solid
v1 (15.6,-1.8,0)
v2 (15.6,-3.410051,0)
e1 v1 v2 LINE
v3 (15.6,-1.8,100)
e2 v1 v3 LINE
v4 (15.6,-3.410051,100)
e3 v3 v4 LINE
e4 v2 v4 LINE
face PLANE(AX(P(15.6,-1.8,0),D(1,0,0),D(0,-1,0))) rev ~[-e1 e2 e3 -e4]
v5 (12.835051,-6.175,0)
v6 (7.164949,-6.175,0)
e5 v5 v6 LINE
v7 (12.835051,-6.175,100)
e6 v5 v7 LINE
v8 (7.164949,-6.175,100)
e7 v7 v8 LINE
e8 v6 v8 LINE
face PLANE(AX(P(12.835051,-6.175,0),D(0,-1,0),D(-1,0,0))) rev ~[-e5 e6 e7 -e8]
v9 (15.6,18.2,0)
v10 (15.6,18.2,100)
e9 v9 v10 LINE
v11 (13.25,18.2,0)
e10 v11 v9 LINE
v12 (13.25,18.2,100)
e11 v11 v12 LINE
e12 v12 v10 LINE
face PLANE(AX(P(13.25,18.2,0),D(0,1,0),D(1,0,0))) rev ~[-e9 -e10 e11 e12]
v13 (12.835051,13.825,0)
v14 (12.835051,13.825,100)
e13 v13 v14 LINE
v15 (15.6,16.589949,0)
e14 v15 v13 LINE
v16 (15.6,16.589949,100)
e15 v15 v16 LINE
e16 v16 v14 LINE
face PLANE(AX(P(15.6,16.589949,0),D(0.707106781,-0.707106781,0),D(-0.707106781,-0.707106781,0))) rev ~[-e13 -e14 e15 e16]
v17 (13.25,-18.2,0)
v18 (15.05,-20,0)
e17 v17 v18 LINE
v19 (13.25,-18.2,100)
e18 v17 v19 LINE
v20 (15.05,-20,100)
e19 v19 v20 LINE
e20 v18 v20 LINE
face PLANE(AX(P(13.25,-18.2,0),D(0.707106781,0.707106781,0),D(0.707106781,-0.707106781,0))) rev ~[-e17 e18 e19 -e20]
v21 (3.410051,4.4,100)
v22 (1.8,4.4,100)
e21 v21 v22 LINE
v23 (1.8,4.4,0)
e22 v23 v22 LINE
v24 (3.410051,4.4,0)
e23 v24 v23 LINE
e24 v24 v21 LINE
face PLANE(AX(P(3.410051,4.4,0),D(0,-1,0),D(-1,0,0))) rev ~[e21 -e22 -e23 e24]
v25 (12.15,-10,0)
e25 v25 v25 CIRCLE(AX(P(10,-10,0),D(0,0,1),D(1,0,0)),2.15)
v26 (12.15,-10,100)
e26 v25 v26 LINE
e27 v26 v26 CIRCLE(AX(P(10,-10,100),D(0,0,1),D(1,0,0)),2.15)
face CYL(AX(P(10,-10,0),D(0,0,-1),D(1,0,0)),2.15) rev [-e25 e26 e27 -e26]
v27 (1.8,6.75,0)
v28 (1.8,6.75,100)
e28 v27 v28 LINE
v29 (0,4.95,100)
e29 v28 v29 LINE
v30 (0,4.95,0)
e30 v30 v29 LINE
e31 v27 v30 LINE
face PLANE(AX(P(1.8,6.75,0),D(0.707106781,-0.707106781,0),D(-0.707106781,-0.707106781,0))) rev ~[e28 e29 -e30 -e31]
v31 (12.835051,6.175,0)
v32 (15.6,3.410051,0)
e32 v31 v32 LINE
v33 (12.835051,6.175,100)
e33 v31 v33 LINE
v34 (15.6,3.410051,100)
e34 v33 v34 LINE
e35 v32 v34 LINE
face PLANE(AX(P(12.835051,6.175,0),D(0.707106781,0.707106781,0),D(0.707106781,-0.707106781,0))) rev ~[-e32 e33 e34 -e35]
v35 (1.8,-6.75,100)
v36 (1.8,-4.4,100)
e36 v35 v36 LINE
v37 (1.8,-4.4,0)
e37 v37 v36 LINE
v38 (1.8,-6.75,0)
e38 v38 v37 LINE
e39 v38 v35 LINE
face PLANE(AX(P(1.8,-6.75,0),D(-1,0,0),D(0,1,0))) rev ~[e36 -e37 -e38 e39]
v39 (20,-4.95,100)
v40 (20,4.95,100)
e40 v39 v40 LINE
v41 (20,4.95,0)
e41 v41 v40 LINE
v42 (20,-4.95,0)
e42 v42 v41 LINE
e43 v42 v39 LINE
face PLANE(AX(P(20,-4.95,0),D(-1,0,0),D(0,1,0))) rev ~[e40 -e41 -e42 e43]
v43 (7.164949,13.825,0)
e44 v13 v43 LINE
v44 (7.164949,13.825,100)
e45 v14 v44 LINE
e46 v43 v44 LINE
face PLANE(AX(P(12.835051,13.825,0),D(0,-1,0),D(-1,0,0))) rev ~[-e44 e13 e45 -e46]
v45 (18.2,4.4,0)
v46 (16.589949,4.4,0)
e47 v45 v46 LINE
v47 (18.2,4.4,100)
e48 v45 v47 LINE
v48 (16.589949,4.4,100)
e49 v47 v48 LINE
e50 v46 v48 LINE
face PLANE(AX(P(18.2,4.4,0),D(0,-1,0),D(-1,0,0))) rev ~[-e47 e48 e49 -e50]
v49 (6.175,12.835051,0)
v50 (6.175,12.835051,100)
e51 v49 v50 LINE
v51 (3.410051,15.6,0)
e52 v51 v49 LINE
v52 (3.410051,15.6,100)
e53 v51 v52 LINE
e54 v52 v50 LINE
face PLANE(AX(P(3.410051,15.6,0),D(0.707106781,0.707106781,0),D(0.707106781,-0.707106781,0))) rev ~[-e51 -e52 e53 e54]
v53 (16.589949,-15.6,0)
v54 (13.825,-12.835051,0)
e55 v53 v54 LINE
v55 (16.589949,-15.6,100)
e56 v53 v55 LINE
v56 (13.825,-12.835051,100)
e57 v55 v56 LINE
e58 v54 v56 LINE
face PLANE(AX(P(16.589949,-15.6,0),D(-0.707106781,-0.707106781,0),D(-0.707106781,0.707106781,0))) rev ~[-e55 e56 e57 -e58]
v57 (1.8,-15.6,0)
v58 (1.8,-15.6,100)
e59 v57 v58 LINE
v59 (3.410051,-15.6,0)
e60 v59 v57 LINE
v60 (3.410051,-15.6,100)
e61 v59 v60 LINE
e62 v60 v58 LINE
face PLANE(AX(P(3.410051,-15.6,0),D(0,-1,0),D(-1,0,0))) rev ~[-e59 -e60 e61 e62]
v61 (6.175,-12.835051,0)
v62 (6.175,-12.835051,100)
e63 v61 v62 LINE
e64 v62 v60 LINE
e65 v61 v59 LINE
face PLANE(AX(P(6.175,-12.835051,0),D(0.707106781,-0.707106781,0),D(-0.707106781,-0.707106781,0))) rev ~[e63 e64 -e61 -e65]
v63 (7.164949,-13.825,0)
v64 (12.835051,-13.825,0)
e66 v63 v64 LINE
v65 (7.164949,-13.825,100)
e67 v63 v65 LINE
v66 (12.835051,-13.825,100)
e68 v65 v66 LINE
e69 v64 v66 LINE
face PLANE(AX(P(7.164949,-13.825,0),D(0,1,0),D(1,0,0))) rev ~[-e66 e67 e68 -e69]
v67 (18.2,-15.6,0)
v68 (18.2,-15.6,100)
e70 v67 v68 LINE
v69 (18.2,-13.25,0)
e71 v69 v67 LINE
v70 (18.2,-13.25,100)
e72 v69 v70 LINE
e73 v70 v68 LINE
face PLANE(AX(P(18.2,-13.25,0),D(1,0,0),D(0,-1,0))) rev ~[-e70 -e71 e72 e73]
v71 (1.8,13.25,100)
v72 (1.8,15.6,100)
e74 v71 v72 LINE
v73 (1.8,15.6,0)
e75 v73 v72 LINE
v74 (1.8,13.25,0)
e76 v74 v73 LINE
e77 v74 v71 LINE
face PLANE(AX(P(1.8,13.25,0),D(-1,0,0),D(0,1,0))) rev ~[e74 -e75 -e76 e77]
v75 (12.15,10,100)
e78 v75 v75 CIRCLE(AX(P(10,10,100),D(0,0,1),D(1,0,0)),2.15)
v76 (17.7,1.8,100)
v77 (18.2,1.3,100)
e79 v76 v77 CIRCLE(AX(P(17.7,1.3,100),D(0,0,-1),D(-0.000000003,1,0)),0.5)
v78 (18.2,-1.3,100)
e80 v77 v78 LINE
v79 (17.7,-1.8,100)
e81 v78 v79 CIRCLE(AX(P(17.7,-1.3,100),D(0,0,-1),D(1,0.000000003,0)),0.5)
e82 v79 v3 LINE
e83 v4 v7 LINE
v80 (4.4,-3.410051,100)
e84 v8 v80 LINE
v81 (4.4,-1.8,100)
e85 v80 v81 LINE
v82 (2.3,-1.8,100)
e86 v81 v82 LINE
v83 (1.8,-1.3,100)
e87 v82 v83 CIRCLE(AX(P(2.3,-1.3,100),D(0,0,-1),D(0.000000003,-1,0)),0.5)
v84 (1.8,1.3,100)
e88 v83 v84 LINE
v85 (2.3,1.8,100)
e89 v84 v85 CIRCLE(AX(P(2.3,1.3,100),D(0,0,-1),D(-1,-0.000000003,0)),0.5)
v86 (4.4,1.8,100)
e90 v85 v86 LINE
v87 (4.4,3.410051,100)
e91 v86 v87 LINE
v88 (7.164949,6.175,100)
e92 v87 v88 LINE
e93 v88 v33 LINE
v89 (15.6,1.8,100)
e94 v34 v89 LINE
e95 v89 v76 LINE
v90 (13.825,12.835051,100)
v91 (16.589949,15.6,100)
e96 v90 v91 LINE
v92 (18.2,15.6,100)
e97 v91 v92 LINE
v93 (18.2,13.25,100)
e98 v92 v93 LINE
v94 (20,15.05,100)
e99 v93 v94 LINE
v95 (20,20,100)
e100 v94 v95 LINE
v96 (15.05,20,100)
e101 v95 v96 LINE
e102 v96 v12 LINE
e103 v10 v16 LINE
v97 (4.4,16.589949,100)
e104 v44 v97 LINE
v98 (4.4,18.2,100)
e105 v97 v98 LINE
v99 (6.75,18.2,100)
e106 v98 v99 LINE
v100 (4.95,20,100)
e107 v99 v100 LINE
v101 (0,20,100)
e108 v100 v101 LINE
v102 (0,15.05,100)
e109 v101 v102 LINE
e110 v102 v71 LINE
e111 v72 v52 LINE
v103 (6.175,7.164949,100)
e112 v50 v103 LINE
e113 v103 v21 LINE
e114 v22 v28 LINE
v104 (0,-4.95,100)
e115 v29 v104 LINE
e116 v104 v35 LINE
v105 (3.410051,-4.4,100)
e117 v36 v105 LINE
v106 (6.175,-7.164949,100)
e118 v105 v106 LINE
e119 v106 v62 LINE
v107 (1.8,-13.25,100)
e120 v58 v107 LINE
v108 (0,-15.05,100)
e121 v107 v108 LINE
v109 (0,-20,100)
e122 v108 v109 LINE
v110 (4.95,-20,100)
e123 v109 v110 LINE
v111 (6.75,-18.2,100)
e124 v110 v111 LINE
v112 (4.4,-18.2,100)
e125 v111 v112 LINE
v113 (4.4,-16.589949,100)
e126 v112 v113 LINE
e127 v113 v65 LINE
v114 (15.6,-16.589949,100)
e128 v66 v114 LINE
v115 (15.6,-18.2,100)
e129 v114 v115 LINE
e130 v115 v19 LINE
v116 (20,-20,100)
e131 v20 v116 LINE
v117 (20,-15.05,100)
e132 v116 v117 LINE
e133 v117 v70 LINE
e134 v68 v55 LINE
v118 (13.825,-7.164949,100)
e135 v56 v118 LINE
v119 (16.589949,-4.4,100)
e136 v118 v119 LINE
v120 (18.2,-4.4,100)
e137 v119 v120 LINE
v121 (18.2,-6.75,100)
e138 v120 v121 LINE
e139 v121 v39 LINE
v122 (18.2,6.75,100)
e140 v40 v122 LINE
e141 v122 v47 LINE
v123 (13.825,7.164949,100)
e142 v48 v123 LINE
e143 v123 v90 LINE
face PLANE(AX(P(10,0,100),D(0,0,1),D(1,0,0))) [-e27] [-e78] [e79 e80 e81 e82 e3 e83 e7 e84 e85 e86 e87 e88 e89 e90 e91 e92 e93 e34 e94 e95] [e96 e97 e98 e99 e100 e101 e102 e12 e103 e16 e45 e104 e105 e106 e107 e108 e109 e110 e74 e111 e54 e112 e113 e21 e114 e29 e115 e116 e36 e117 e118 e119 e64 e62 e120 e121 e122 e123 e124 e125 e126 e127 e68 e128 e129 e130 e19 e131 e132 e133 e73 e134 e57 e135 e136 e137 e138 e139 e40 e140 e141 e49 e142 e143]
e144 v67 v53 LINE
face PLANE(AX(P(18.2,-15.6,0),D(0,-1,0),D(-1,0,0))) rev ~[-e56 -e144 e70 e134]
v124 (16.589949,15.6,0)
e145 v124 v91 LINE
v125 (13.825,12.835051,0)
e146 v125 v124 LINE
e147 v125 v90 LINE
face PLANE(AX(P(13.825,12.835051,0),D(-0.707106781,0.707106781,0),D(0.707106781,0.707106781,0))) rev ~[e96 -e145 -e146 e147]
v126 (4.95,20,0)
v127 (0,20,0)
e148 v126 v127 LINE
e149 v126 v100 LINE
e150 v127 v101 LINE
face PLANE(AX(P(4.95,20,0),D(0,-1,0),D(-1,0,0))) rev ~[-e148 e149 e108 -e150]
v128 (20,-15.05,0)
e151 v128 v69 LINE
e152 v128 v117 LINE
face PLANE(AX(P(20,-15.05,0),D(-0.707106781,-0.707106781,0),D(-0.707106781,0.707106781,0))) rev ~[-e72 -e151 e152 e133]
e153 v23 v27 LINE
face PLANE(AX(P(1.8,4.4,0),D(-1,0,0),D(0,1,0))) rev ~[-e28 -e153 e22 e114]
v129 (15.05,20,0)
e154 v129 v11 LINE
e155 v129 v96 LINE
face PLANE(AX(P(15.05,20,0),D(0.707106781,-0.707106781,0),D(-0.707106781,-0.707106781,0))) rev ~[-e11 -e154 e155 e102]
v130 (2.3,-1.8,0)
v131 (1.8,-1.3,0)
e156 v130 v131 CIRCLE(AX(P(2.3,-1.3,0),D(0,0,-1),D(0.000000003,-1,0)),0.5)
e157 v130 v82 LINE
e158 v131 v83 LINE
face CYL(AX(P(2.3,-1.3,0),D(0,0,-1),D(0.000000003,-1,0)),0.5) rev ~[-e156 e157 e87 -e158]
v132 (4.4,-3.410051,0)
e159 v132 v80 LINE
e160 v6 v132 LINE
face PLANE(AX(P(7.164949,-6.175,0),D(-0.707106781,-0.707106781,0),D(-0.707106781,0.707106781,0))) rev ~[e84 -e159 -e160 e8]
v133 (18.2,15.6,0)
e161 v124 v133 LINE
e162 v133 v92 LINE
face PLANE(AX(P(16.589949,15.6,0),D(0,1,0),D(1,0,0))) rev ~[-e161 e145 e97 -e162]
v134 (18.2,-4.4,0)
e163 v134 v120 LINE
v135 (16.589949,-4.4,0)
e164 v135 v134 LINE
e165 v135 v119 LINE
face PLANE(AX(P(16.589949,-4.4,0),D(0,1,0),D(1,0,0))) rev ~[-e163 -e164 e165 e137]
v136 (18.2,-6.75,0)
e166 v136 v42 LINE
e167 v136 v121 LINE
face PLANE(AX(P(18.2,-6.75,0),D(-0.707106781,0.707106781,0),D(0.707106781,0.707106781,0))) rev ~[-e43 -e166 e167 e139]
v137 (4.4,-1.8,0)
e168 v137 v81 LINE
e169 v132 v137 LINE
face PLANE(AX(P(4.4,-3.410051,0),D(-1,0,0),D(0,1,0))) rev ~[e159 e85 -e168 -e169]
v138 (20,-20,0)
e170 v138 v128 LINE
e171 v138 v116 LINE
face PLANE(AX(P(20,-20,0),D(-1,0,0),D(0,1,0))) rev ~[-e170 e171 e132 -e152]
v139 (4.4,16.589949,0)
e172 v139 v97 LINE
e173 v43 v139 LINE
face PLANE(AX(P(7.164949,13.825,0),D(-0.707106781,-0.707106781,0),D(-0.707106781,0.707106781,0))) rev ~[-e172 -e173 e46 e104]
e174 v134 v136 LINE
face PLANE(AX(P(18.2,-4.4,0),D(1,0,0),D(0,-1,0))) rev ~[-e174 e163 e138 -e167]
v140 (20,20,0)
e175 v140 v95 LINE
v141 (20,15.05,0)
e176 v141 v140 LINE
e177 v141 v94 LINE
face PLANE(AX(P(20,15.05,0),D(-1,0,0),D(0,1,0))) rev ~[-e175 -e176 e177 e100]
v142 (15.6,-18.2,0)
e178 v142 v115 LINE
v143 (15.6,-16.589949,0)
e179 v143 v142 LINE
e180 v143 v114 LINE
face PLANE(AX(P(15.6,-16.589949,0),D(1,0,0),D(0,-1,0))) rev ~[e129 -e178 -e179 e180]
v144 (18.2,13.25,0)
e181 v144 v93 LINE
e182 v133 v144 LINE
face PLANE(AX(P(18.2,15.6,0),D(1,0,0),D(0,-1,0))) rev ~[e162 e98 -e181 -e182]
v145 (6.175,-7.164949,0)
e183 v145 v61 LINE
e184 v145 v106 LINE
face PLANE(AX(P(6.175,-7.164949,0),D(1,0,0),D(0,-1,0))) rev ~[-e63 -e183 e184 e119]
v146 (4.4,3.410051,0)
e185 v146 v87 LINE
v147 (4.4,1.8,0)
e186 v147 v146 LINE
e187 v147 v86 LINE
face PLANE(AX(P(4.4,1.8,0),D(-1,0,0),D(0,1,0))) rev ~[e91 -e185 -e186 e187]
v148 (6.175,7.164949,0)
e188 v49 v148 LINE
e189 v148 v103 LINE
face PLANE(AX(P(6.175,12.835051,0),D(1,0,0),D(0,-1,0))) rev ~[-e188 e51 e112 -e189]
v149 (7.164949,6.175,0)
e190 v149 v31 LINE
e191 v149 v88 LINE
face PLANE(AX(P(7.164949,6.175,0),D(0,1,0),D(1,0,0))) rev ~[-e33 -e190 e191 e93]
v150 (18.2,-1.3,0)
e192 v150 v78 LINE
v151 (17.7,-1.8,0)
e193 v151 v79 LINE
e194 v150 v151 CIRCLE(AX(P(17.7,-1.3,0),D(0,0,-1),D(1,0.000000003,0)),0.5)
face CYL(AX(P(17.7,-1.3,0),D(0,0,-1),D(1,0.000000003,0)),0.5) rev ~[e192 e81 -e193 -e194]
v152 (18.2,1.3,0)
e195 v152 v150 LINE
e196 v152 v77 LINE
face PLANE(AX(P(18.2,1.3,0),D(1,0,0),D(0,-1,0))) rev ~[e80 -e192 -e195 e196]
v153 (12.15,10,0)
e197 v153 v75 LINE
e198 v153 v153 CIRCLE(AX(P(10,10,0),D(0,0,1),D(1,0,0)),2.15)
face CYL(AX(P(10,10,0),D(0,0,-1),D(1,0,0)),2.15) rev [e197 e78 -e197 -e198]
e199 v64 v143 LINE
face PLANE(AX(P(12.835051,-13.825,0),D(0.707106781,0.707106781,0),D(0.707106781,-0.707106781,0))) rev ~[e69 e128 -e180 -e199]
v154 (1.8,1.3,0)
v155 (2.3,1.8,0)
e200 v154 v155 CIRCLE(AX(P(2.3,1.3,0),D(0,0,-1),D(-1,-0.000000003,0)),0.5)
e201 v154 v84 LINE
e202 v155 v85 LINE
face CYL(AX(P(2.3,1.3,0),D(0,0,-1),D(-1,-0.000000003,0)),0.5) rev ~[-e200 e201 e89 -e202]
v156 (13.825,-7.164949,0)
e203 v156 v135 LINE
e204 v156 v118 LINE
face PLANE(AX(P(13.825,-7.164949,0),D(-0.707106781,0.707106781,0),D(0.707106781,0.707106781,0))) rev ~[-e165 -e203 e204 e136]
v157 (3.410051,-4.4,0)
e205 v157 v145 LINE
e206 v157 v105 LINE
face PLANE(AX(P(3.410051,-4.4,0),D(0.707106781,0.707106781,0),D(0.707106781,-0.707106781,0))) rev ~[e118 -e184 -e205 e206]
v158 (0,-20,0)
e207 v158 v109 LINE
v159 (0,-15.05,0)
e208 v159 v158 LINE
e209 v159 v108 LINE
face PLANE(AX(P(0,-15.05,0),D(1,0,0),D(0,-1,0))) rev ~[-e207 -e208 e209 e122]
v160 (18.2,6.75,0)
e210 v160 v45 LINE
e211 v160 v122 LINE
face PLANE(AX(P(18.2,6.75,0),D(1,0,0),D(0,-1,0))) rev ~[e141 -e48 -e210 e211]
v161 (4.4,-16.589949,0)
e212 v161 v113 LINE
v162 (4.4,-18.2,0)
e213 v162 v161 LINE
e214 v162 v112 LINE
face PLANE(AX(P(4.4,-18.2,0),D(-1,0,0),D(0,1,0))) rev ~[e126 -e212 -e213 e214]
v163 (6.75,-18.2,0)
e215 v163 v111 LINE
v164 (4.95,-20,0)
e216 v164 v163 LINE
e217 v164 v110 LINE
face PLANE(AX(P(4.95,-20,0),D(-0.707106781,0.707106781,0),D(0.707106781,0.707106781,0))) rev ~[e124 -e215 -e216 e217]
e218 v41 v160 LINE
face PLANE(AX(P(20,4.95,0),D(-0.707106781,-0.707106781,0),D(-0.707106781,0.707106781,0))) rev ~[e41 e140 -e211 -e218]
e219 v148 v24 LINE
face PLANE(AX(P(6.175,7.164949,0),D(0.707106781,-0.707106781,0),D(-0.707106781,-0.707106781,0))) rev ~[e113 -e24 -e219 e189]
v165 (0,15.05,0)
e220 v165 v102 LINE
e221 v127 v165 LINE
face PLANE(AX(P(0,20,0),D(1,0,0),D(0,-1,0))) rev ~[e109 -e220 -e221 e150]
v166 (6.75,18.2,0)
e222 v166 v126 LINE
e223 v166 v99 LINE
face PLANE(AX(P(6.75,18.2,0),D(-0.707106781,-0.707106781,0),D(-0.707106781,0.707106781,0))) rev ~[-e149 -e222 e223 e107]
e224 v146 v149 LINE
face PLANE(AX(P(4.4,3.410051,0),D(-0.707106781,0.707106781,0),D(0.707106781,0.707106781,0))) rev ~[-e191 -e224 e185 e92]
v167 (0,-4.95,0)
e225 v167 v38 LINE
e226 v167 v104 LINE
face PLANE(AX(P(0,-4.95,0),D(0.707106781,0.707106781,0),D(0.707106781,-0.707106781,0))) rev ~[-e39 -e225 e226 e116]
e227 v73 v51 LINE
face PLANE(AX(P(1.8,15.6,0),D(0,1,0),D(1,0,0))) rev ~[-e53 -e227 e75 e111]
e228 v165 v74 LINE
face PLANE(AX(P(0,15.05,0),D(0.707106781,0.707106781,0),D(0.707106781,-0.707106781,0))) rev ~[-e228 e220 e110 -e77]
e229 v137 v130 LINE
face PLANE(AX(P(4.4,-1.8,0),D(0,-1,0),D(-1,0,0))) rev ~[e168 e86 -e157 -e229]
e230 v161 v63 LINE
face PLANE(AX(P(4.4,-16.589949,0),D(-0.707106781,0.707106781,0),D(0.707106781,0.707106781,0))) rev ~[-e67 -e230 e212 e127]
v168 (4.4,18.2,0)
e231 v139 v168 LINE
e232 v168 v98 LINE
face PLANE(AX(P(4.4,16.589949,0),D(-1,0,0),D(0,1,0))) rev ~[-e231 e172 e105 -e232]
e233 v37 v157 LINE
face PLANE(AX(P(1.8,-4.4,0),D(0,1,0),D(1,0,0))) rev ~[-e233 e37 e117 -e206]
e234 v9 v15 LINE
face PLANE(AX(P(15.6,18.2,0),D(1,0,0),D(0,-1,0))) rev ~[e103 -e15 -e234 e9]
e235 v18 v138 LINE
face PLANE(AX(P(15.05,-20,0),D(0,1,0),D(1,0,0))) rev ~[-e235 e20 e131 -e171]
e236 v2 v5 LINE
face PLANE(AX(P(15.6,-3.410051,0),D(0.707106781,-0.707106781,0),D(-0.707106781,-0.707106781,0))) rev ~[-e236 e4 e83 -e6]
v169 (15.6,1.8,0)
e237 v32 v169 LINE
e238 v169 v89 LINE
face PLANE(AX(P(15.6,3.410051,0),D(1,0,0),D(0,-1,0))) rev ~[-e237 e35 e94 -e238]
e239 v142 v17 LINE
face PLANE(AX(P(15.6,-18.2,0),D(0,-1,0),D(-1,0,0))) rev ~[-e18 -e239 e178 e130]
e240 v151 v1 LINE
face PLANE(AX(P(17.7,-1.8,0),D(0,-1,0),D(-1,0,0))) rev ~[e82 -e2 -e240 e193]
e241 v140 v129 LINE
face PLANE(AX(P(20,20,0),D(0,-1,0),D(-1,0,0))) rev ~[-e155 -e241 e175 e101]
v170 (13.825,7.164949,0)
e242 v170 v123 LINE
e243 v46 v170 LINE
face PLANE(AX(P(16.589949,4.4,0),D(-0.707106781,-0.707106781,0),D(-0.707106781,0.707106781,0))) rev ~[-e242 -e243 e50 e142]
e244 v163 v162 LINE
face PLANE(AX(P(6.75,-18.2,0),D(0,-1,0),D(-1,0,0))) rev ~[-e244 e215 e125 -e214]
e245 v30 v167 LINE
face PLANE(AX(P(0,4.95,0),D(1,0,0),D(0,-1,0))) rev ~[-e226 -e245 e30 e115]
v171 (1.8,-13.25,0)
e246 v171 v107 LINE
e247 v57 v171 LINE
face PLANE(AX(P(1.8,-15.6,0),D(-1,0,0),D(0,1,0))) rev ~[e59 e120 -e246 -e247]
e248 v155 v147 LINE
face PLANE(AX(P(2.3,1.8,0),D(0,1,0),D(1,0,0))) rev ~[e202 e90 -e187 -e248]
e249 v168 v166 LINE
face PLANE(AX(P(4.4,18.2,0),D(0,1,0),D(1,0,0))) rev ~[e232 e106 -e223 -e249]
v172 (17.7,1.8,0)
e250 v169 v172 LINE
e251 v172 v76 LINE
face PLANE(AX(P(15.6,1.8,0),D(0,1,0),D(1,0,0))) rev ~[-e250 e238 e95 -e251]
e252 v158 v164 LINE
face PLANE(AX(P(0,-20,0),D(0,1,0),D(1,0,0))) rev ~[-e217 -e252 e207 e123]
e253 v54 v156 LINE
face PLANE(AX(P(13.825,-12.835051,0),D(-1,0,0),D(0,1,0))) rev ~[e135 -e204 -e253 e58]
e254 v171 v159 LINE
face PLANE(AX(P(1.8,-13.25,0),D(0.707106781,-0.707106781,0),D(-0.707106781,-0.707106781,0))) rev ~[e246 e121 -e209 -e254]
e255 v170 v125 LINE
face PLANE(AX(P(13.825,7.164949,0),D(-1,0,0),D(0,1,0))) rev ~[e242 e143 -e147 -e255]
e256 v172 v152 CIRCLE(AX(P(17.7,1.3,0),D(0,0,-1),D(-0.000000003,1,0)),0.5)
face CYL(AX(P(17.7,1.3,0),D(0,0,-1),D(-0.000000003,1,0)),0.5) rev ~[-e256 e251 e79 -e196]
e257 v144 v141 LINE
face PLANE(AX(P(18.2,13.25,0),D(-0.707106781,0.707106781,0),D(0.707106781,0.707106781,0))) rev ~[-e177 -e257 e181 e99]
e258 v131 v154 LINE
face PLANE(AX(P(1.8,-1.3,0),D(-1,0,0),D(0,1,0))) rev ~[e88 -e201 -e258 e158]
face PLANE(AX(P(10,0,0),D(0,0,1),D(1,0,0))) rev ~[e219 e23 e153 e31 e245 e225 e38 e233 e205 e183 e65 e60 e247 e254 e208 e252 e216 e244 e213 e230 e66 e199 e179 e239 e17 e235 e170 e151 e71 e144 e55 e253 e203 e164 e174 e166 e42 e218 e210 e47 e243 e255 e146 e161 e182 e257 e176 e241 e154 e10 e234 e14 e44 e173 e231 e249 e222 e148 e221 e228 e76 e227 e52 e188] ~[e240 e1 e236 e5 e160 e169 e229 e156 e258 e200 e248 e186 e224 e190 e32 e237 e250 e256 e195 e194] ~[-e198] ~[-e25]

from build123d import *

# Parameters (mm, degrees)
CROQUIS1_R              = 2.15
SALIENTE_EXTRUIR1_DEPTH = 100


with BuildPart() as part:
    # Croquis1 → Saliente-Extruir1 (new body)
    with BuildSketch(Plane.XY):
        Polygon((20, 4.95), (18.2, 6.75), (18.2, 4.4), (16.589949494, 4.4), (13.825, 7.164949494), (13.825, 12.835050506), (16.589949494, 15.6), (18.2, 15.6), (18.2, 13.25), (20, 15.05), (20, 20), (15.05, 20), (13.25, 18.2), (15.6, 18.2), (15.6, 16.589949494), (12.835050506, 13.825), (7.164949494, 13.825), (4.4, 16.589949494), (4.4, 18.2), (6.75, 18.2), (4.95, 20), (0, 20), (0, 15.05), (1.8, 13.25), (1.8, 15.6), (3.410050506, 15.6), (6.175, 12.835050506), (6.175, 7.164949494), (3.410050506, 4.4), (1.8, 4.4), (1.8, 6.75), (0, 4.95), (0, -4.95), (1.8, -6.75), (1.8, -4.4), (3.410050506, -4.4), (6.175, -7.164949494), (6.175, -12.835050506), (3.410050506, -15.6), (1.8, -15.6), (1.8, -13.25), (0, -15.05), (0, -20), (4.95, -20), (6.75, -18.2), (4.4, -18.2), (4.4, -16.589949494), (7.164949494, -13.825), (12.835050506, -13.825), (15.6, -16.589949494), (15.6, -18.2), (13.25, -18.2), (15.05, -20), (20, -20), (20, -15.05), (18.2, -13.25), (18.2, -15.6), (16.589949494, -15.6), (13.825, -12.835050506), (13.825, -7.164949494), (16.589949494, -4.4), (18.2, -4.4), (18.2, -6.75), (20, -4.95), align=None)
        with BuildLine():
            Line((1.8, -1.3), (1.8, 1.3))
            ThreePointArc((1.8, 1.3), (1.946446609, 1.653553391), (2.3, 1.8))
            Line((2.3, 1.8), (4.4, 1.8))
            Line((4.4, 1.8), (4.4, 3.410050506))
            Line((4.4, 3.410050506), (7.164949494, 6.175))
            Line((7.164949494, 6.175), (12.835050506, 6.175))
            Line((12.835050506, 6.175), (15.6, 3.410050506))
            Line((15.6, 3.410050506), (15.6, 1.8))
            Line((15.6, 1.8), (17.7, 1.8))
            ThreePointArc((17.7, 1.8), (18.053553391, 1.653553391), (18.2, 1.3))
            Line((18.2, 1.3), (18.2, -1.3))
            ThreePointArc((18.2, -1.3), (18.053553391, -1.653553391), (17.7, -1.8))
            Line((17.7, -1.8), (15.6, -1.8))
            Line((15.6, -1.8), (15.6, -3.410050506))
            Line((15.6, -3.410050506), (12.835050506, -6.175))
            Line((12.835050506, -6.175), (7.164949494, -6.175))
            Line((7.164949494, -6.175), (4.4, -3.410050506))
            Line((4.4, -3.410050506), (4.4, -1.8))
            Line((4.4, -1.8), (2.3, -1.8))
            ThreePointArc((2.3, -1.8), (1.946446609, -1.653553391), (1.8, -1.3))
        make_face(mode=Mode.SUBTRACT)
        with Locations((10, -10)):
            Circle(CROQUIS1_R, mode=Mode.SUBTRACT)
        with Locations((10, 10)):
            Circle(CROQUIS1_R, mode=Mode.SUBTRACT)
    extrude(amount=SALIENTE_EXTRUIR1_DEPTH)


solid = part.part
